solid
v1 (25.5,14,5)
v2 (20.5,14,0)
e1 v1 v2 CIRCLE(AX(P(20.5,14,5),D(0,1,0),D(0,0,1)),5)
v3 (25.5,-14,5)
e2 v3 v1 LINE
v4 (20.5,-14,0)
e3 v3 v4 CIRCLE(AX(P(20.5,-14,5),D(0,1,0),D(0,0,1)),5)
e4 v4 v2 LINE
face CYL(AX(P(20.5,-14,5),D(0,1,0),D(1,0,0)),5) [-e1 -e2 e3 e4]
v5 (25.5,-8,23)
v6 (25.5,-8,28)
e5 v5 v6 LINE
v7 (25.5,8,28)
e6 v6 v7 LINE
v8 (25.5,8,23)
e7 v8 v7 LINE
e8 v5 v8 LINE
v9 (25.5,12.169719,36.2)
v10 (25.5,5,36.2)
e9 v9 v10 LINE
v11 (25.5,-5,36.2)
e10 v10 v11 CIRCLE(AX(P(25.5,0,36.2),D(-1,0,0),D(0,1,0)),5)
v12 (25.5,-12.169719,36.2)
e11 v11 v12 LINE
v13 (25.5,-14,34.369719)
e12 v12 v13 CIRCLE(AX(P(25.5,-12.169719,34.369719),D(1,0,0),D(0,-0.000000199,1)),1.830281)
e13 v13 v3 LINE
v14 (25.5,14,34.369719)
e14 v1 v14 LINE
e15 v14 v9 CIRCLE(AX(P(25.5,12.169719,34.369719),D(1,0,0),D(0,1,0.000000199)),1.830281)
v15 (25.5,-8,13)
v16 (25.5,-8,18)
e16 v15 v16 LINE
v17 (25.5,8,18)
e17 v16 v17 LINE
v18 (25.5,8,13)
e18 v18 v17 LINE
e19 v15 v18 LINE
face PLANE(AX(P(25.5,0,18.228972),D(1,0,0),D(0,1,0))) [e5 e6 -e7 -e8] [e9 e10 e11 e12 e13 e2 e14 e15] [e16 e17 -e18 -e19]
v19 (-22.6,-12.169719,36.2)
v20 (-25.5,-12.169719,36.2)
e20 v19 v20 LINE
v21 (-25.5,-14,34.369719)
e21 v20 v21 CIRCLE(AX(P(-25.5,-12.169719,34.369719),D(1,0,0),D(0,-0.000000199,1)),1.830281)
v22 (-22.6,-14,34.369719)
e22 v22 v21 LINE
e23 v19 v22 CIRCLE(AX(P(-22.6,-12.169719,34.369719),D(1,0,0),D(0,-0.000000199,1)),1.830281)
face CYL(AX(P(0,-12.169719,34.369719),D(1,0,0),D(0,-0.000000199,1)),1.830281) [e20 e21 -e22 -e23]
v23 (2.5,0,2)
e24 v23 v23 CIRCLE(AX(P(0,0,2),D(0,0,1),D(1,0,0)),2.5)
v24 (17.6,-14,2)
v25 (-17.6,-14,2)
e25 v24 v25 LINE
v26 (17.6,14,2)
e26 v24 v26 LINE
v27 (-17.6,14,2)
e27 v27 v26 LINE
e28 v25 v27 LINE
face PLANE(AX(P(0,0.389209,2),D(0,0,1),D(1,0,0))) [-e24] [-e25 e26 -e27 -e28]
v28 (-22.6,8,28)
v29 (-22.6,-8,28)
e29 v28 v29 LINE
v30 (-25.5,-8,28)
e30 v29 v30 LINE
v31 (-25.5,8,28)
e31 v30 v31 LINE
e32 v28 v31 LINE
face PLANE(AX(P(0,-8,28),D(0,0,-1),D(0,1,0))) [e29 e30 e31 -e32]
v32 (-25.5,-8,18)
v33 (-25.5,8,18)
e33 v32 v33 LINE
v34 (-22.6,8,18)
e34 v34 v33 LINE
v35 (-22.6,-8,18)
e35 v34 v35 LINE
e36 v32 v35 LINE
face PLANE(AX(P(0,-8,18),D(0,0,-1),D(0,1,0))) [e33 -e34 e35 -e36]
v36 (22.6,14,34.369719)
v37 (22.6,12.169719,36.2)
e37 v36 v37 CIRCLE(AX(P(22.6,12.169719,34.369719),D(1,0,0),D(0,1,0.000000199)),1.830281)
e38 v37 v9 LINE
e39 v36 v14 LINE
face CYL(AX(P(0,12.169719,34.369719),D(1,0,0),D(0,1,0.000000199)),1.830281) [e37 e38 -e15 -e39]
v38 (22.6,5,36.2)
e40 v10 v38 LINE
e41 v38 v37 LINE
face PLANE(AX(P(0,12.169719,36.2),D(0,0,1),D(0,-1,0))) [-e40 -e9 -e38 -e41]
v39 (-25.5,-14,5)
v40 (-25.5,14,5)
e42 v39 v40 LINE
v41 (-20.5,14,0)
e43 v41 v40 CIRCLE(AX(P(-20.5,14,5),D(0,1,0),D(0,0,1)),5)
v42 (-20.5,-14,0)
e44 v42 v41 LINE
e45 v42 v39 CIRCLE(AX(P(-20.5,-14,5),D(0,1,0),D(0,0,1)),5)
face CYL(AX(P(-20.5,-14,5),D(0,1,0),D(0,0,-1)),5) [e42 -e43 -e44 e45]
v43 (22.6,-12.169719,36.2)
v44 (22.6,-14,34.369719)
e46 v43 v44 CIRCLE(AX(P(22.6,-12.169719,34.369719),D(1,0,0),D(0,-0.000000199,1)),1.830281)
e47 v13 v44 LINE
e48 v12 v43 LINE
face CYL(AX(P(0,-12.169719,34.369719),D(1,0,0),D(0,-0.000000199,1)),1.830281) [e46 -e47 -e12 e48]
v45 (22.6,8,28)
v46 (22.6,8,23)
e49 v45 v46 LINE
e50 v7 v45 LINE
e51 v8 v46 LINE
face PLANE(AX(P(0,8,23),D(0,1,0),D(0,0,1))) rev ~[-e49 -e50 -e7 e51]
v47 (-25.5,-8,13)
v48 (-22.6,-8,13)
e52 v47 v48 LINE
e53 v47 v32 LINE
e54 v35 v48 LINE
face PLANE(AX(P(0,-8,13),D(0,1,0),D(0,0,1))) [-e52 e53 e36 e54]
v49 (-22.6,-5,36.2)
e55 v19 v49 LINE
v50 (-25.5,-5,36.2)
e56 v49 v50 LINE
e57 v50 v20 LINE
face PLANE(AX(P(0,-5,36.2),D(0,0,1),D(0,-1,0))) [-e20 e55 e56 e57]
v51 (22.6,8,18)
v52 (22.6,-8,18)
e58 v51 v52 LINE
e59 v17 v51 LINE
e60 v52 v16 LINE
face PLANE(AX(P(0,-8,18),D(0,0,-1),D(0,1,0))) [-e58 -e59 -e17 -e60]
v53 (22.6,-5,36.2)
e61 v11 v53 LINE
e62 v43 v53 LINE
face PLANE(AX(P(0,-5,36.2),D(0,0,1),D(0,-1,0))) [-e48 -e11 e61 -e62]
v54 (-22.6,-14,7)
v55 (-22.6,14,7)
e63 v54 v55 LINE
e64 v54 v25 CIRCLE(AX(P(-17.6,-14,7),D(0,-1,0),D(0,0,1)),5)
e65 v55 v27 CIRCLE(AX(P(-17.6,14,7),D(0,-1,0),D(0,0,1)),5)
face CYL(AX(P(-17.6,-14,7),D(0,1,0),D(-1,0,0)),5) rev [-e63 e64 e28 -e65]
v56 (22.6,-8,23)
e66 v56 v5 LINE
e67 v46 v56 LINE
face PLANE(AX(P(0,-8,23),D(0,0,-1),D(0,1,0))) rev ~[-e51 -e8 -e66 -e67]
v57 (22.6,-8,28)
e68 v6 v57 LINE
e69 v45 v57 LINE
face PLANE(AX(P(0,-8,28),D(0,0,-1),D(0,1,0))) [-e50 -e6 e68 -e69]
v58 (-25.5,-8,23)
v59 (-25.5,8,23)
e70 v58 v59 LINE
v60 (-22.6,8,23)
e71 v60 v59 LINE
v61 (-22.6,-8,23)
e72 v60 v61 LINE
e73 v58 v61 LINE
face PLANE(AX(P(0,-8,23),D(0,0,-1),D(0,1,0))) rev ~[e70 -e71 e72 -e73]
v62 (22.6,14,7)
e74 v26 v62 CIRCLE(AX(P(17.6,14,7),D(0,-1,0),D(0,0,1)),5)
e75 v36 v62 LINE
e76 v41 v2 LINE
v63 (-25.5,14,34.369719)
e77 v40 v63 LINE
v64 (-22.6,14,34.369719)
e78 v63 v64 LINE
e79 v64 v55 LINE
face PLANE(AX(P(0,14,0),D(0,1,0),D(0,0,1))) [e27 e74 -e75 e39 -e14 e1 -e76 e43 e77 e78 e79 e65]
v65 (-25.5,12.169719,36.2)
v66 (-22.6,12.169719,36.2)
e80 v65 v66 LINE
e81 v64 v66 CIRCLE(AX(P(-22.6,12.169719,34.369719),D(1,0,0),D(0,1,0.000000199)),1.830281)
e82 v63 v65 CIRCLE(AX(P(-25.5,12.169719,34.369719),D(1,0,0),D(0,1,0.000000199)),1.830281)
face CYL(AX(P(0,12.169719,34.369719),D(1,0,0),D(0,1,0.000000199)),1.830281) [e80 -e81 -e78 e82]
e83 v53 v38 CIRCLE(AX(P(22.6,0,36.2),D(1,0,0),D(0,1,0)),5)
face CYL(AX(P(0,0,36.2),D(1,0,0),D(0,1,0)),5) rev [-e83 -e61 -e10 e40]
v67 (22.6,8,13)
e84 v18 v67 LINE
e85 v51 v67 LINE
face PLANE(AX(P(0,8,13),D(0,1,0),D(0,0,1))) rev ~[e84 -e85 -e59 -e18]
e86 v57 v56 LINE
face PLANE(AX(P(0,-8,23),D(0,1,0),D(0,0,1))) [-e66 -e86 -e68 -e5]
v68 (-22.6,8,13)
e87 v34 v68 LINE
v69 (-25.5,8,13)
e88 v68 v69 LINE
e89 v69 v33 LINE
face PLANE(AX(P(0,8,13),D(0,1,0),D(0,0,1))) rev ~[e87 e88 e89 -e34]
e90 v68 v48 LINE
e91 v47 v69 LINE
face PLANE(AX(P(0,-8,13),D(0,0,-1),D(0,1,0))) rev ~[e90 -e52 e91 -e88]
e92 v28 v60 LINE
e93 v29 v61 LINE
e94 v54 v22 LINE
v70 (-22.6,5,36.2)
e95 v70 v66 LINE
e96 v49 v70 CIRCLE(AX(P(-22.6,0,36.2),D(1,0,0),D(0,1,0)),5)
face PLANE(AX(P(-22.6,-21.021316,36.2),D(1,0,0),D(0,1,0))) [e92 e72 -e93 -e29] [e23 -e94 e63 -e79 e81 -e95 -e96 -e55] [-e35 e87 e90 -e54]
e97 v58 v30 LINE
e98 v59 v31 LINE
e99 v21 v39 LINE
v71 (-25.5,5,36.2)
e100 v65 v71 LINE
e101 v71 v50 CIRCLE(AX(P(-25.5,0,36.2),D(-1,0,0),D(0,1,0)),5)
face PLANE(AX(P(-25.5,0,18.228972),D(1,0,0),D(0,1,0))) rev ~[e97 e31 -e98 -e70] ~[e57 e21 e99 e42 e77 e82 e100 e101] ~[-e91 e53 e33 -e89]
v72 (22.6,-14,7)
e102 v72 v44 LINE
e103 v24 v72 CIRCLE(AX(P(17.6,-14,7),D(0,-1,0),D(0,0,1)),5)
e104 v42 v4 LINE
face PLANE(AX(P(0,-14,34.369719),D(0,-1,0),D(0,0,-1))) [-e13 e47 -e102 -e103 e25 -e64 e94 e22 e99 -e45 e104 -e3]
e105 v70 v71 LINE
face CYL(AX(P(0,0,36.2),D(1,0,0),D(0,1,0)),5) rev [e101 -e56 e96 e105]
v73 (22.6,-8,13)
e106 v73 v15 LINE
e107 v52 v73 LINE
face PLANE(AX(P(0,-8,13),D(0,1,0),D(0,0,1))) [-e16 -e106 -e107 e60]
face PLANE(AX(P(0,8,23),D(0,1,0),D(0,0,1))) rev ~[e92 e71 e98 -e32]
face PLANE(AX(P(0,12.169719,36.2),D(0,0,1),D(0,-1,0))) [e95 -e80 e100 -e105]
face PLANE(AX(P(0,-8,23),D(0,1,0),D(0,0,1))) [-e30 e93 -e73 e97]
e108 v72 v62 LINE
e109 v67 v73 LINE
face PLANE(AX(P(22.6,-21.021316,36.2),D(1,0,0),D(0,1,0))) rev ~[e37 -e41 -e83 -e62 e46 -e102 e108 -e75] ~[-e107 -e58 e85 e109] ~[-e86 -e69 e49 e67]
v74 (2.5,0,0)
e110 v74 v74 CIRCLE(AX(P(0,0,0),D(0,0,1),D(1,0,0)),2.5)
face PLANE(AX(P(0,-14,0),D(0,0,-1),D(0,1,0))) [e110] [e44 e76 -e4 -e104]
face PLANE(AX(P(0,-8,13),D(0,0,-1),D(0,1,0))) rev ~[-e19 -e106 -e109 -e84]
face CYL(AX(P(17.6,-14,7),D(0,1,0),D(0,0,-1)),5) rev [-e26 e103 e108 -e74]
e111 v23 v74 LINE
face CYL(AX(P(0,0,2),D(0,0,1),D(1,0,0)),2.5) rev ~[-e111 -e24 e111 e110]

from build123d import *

# Parameters (mm, degrees)
F0_W     = 16
F0_H     = 5
F1_DEPTH = 25.5
F2_W     = 45.2
F2_H     = 42.82105
F3_DEPTH = 34.2
F4_R     = 2.5
F5_DEPTH = 2.001
F6_R     = 5


with BuildPart() as f1:
    # F0 (on Right) → F1 (new body, symmetric)
    with BuildSketch(Plane.YZ):
        with BuildLine():
            Line((-14, 34.369719), (-14, 0))
            Line((-14, 0), (14, 0))
            Line((14, 0), (14, 34.369719))
            ThreePointArc((14, 34.369719), (13.463923, 35.663923), (12.169719, 36.2))
            Line((12.169719, 36.2), (5, 36.2))
            ThreePointArc((5, 36.2), (0, 31.2), (-5, 36.2))
            Line((-5, 36.2), (-12.169719, 36.2))
            ThreePointArc((-12.169719, 36.2), (-13.463923, 35.663923), (-14, 34.369719))
        make_face()
        with Locations((0, 15.5)):
            Rectangle(F0_W, F0_H, mode=Mode.SUBTRACT)
        with Locations((0, 25.5)):
            Rectangle(F0_W, F0_H, mode=Mode.SUBTRACT)
    extrude(amount=F1_DEPTH, both=True)

    # F2 (on face) → F3 (cut)
    with BuildSketch(Plane.XY.offset(36.2)):
        with Locations((0, 0.389209)):
            Rectangle(F2_W, F2_H)
    extrude(amount=-F3_DEPTH, mode=Mode.SUBTRACT)

    # F4 (on face) → F5 (cut, through all)
    with BuildSketch(Plane.XY.offset(2)):
        Circle(F4_R)
    extrude(amount=-F5_DEPTH, mode=Mode.SUBTRACT)

    # F6
    f6_edges = [f1.edges().sort_by_distance(p)[0] for p in [
        (25.5, 0, 0),
        (22.6, 0, 2),
        (-22.6, 0, 2),
        (-25.5, 0, 0),
    ]]
    fillet(f6_edges, radius=F6_R)


solid = f1.part
